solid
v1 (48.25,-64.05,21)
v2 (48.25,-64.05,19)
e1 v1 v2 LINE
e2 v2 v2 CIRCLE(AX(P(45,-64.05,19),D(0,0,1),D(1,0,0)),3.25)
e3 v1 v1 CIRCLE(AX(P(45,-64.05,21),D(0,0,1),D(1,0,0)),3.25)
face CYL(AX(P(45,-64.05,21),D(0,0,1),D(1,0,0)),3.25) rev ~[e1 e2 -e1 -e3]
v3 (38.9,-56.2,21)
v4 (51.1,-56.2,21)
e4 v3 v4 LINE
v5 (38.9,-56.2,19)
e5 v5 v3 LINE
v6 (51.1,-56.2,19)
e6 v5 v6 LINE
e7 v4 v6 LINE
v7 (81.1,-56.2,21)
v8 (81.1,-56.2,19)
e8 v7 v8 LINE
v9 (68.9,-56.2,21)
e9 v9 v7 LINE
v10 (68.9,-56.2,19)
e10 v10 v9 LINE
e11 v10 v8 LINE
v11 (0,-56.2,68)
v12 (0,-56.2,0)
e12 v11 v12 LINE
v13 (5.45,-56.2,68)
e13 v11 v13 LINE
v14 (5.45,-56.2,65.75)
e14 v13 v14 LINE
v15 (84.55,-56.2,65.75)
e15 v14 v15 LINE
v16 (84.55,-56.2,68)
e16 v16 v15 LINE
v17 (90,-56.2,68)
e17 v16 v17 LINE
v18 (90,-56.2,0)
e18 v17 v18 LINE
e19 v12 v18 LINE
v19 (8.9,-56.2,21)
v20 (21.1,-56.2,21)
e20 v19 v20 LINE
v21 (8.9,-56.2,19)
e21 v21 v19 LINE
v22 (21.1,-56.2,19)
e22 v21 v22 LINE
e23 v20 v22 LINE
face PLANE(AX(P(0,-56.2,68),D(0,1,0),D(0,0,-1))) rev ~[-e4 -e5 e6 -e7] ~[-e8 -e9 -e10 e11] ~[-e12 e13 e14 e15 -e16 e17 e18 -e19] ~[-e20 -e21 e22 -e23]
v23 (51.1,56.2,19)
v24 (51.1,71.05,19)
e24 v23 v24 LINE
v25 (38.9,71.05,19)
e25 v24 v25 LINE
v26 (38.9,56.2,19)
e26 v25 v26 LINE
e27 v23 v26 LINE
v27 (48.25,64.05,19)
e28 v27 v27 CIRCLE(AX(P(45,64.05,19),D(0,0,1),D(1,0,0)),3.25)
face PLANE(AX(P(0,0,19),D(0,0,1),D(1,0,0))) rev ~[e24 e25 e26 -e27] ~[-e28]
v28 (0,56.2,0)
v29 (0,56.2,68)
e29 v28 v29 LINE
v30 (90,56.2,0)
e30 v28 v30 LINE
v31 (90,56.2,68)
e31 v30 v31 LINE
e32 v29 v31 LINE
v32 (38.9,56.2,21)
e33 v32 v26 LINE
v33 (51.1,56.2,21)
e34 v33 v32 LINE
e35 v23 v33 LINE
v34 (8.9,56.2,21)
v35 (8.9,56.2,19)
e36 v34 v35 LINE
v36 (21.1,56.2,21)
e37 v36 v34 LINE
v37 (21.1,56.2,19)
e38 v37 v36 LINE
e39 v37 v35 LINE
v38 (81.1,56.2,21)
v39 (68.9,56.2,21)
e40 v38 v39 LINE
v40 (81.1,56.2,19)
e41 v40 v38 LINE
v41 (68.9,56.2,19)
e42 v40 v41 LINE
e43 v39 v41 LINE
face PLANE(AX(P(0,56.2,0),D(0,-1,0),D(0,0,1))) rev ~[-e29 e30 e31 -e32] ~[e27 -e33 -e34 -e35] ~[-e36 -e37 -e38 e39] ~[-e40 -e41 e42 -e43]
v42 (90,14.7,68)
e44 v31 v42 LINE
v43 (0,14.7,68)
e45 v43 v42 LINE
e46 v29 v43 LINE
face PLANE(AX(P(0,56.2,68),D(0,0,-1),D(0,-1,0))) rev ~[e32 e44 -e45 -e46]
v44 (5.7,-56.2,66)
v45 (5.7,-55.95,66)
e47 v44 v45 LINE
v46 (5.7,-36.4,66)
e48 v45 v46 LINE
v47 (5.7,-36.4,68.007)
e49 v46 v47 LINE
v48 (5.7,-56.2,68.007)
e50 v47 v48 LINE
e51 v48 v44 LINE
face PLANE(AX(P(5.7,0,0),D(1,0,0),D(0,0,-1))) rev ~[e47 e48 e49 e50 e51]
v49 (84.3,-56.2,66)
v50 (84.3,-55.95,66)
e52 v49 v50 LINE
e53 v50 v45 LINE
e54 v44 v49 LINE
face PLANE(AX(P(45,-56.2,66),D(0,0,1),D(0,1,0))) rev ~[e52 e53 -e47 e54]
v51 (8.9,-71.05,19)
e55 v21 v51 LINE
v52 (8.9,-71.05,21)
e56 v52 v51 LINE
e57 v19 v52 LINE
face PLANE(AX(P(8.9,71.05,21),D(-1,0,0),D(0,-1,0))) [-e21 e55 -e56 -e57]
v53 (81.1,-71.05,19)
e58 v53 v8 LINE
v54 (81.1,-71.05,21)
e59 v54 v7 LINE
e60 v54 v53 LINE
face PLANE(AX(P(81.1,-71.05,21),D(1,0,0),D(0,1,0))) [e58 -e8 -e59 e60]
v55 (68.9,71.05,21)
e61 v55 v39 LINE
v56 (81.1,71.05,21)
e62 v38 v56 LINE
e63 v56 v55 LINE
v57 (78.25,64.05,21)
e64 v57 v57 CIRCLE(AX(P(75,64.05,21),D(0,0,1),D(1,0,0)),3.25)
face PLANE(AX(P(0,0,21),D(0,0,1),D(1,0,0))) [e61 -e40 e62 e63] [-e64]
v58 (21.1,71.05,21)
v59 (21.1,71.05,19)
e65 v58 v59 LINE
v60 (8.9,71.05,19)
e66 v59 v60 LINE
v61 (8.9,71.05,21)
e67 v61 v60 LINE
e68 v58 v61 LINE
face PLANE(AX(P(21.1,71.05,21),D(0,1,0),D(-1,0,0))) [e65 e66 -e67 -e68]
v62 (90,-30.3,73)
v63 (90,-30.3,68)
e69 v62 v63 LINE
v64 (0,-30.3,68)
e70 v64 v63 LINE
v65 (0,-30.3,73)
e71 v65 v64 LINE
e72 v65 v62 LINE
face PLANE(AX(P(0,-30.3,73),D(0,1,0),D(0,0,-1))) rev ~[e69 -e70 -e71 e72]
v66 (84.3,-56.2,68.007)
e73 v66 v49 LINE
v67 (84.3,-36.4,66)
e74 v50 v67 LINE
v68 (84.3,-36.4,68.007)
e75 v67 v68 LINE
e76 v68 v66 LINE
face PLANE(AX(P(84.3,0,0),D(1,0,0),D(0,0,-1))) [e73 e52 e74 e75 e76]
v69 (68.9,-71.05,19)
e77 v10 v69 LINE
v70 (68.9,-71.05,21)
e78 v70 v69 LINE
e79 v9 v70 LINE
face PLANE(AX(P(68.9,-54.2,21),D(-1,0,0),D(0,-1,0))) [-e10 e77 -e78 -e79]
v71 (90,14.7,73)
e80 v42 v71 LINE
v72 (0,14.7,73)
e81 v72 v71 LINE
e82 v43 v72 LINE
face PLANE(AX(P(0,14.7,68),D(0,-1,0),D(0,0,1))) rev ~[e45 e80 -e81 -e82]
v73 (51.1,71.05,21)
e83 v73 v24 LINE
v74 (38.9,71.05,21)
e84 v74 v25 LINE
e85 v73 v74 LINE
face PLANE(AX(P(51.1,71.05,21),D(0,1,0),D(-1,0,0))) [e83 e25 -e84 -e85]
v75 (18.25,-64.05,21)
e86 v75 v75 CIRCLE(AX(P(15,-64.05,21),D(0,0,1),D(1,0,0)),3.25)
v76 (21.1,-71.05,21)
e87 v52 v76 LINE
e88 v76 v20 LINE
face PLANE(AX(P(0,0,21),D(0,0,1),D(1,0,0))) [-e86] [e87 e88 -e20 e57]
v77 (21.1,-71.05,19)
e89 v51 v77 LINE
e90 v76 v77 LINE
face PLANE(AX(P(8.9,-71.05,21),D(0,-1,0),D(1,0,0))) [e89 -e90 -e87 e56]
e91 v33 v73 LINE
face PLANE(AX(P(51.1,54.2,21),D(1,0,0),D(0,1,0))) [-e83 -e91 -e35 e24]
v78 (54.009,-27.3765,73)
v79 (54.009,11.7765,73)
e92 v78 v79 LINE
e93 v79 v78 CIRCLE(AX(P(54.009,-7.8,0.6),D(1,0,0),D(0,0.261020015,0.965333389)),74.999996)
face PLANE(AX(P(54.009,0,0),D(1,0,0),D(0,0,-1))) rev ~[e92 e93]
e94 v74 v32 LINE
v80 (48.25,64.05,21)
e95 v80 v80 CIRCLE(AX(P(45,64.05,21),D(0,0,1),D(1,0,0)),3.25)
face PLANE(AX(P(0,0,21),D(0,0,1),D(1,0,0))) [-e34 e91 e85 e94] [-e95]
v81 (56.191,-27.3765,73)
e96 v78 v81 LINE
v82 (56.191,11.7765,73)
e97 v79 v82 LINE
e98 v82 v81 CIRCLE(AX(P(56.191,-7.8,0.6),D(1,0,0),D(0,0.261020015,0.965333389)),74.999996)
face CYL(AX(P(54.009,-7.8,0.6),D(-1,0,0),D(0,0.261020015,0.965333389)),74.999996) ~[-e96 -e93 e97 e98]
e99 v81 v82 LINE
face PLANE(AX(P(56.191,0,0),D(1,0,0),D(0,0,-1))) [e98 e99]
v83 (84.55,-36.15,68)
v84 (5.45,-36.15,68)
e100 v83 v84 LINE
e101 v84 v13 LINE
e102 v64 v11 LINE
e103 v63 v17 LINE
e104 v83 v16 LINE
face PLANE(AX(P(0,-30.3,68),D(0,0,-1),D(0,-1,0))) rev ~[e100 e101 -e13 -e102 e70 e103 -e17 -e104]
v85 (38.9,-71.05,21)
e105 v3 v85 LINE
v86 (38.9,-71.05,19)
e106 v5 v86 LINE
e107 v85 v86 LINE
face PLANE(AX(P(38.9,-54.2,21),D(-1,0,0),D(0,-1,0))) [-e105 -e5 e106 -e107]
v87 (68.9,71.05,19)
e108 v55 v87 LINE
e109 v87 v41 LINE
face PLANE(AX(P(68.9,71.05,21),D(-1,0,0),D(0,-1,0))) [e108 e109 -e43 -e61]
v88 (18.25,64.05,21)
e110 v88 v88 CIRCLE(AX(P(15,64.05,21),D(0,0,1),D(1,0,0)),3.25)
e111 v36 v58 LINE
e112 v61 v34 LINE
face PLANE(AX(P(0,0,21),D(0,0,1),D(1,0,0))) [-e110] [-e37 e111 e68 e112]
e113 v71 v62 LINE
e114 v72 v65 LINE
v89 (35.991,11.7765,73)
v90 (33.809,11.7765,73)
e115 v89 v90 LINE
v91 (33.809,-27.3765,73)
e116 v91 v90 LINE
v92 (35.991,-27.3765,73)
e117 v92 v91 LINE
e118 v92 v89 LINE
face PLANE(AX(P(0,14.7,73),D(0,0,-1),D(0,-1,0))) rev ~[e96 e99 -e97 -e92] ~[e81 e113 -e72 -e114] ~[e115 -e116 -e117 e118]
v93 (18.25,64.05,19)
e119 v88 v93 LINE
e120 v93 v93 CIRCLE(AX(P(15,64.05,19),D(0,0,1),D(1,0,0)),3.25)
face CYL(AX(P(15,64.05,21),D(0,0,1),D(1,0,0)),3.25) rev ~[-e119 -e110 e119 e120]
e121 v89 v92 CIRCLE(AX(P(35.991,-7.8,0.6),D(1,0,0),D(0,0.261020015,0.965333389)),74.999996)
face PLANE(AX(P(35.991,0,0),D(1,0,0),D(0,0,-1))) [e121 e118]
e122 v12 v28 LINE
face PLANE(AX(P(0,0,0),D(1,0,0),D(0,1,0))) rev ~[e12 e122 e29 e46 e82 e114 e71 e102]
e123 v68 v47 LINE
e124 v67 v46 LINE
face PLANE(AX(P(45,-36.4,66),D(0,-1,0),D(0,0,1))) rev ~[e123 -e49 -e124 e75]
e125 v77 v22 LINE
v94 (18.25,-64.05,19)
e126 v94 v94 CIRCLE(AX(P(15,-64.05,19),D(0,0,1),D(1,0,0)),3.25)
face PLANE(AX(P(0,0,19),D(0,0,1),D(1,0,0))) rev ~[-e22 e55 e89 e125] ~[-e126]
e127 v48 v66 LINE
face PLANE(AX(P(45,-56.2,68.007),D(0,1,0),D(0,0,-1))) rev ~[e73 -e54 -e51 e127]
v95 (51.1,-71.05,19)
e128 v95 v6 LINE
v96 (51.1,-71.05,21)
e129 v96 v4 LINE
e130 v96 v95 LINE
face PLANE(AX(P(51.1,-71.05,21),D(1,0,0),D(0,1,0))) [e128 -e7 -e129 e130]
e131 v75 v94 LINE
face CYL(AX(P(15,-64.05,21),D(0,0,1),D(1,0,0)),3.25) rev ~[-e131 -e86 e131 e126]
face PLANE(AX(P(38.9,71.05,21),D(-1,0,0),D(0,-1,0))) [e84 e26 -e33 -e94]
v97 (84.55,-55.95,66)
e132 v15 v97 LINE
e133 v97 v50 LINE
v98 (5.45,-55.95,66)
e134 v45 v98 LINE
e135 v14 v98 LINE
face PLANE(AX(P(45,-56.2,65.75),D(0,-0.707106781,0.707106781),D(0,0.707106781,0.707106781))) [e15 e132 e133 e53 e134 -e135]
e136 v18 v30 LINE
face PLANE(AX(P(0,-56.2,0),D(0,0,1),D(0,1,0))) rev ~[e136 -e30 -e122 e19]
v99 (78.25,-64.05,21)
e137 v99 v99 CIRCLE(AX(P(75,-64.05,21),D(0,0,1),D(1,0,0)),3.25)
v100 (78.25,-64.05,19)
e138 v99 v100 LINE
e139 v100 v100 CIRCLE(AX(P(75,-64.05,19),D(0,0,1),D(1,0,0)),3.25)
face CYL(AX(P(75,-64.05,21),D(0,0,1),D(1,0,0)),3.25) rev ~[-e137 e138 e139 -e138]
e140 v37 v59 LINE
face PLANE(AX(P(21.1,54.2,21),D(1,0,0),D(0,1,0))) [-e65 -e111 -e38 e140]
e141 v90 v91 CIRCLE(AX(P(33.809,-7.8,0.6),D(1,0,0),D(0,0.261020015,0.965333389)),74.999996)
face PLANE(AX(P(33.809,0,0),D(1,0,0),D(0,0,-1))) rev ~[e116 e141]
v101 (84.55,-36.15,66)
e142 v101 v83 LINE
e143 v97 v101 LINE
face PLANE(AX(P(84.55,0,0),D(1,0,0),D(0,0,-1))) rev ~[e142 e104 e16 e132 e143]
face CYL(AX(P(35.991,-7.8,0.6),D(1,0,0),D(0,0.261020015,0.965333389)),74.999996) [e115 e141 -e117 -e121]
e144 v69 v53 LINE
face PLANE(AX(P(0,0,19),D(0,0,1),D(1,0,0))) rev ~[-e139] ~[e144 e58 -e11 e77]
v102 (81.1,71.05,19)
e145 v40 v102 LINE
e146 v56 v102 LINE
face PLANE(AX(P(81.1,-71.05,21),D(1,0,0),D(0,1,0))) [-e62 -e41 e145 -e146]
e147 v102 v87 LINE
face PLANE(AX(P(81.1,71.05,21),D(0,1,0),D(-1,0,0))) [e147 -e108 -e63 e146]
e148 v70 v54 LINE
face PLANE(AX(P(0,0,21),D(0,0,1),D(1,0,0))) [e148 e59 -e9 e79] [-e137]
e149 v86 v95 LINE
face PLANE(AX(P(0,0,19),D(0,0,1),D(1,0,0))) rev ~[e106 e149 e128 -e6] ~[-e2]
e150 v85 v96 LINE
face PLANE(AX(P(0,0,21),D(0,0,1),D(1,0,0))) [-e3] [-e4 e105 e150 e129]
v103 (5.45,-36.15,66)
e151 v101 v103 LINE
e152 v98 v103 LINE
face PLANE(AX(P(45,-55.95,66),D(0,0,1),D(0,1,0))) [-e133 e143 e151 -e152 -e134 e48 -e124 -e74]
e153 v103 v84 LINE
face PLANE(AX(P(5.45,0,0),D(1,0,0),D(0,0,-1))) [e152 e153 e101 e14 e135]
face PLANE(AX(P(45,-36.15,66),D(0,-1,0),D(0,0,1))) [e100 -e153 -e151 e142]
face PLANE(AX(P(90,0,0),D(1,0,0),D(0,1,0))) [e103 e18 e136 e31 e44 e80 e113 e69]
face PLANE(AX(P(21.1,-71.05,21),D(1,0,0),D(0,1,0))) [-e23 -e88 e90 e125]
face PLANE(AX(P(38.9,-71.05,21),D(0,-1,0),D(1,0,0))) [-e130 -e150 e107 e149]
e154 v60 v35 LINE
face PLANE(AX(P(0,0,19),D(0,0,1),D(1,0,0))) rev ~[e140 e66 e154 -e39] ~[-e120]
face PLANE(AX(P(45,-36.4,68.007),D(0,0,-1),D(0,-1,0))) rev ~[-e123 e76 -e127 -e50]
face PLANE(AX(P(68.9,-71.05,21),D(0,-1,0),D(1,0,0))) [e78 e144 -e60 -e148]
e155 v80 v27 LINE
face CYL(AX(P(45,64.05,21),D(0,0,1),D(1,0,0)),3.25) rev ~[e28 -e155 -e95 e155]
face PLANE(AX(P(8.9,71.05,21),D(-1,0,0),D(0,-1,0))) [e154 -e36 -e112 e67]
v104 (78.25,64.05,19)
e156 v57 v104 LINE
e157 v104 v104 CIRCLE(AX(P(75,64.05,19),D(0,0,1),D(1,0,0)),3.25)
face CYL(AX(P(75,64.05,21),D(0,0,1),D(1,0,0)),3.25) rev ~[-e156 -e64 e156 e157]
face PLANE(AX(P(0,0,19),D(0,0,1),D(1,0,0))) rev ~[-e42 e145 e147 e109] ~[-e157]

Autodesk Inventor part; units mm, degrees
sketch "Sketch_1" plane through (0, 0, 0) normal (1, 0, 0) x (0, 1, 0)
  line L0 (-30.3, 73) -> (-30.3, 68)
  line L1 (-30.3, 68) -> (-56.2, 68)
  line L2 (-56.2, 68) -> (-56.2, 0)
  line L3 (-56.2, 0) -> (56.2, 0)
  line L4 (56.2, 0) -> (56.2, 68)
  line L5 (56.2, 68) -> (14.7, 68)
  line L6 (14.7, 68) -> (14.7, 73)
  line L7 (14.7, 73) -> (-30.3, 73)
extrude "Extrusion1" add sketch "Sketch_1" along normal blind 90
sketch "Sketch_3" plane through (45, 0, 0) normal (1, 0, 0) x (0, 0, -1)
  line L0 (-69, -56.2) -> (-65.75, -56.2)
  line L1 (-65.75, -56.2) -> (-66, -55.95)
  line L2 (-66, -55.95) -> (-66, -36.15)
  line L3 (-66, -36.15) -> (-69, -36.15)
  line L4 (-69, -36.15) -> (-69, -56.2)
extrude "Extrusion2" cut sketch "Sketch_3" along normal mid plane 79.1
sketch "Sketch_2" plane through (45, 0, 0) normal (1, 0, 0) x (0, 0, -1)
  line L0 (-68.007, -56.2) -> (-66, -56.2)
  line L1 (-66, -56.2) -> (-66, -36.4)
  line L2 (-66, -36.4) -> (-68.007, -36.4)
  line L3 (-68.007, -36.4) -> (-68.007, -56.2)
extrude "Extrusion3" add sketch "Sketch_2" along normal mid plane 78.6
sketch "Sketch_4" plane through (35.991, 0, 0) normal (1, 0, 0) x (0, 0, -1)
  arc A0 (-73, 11.7765) -> (-73, -27.3765) centre (-0.6, -7.8) ccw
  line L0 (-73, -27.3765) -> (-73, 11.7765)
extrude "Extrusion4" add sketch "Sketch_4" against normal blind 2.182
sketch "Sketch_5" plane through (54.009, 0, 0) normal (1, 0, 0) x (0, 0, -1)
  arc A0 (-73, 11.7765) -> (-73, -27.3765) centre (-0.6, -7.8) ccw
  line L0 (-73, -27.3765) -> (-73, 11.7765)
extrude "Extrusion5" add sketch "Sketch_5" along normal blind 2.182
sketch "Sketch_7" plane through (0, 0, 21) normal (0, 0, 1) x (1, 0, 0)
  line L0 (8.9, -71.05) -> (21.1, -71.05)
  line L1 (21.1, -71.05) -> (21.1, -54.2)
  line L2 (21.1, -54.2) -> (38.9, -54.2)
  line L3 (38.9, -54.2) -> (38.9, -71.05)
  line L4 (38.9, -71.05) -> (51.1, -71.05)
  line L5 (51.1, -71.05) -> (51.1, -54.2)
  line L6 (51.1, -54.2) -> (68.9, -54.2)
  line L7 (68.9, -54.2) -> (68.9, -71.05)
  line L8 (68.9, -71.05) -> (81.1, -71.05)
  line L9 (81.1, -71.05) -> (81.1, 71.05)
  line L10 (81.1, 71.05) -> (68.9, 71.05)
  line L11 (68.9, 71.05) -> (68.9, 54.2)
  line L12 (68.9, 54.2) -> (51.1, 54.2)
  line L13 (51.1, 54.2) -> (51.1, 71.05)
  line L14 (51.1, 71.05) -> (38.9, 71.05)
  line L15 (38.9, 71.05) -> (38.9, 54.2)
  line L16 (38.9, 54.2) -> (21.1, 54.2)
  line L17 (21.1, 54.2) -> (21.1, 71.05)
  line L18 (21.1, 71.05) -> (8.9, 71.05)
  line L19 (8.9, 71.05) -> (8.9, -71.05)
  circle A0 centre (75, 64.05) radius 3.25
  circle A1 centre (75, -64.05) radius 3.25
  circle A2 centre (45, 64.05) radius 3.25
  circle A3 centre (45, -64.05) radius 3.25
  circle A4 centre (15, 64.05) radius 3.25
  circle A5 centre (15, -64.05) radius 3.25
extrude "Extrusion6" add sketch "Sketch_7" against normal blind 2
ref_plane "FOR_P2_XY" through (0, 56.2, 0) normal (0, 1, 0) x (1, 0, 0)
ref_plane "FOR_P2_YZ" through (0, 56.2, 0) normal (1, 0, 0) x (0, 0, -1)
ref_plane "FOR_P2_ZX" through (0, 56.2, 0) normal (0, 0, -1) x (0, 1, 0)
ref_plane "FOR_P22_XY" through (90, -56.2, 0) normal (0, -1, 0) x (1, 0, 0)
ref_plane "FOR_P22_YZ" through (90, -56.2, 0) normal (1, 0, 0) x (0, 0, 1)
ref_plane "FOR_P22_ZX" through (90, -56.2, 0) normal (0, 0, 1) x (0, -1, 0)
ref_plane "P1_XY" through (0, 0, 0) normal (0, 0, 1) x (1, 0, 0)
ref_plane "P1_YZ" through (0, 0, 0) normal (1, 0, 0) x (0, 1, 0)
ref_plane "P1_ZX" through (0, 0, 0) normal (0, 1, 0) x (0, 0, 1)
ref_plane "P3_XY" through (45, -5.518, 73) normal (0, 0, 1) x (1, 0, 0)
ref_plane "P3_YZ" through (45, -5.518, 73) normal (1, 0, 0) x (0, 1, 0)
ref_plane "P3_ZX" through (45, -5.518, 73) normal (0, 1, 0) x (0, 0, 1)
properties part number "nzm1_3p_p1"
